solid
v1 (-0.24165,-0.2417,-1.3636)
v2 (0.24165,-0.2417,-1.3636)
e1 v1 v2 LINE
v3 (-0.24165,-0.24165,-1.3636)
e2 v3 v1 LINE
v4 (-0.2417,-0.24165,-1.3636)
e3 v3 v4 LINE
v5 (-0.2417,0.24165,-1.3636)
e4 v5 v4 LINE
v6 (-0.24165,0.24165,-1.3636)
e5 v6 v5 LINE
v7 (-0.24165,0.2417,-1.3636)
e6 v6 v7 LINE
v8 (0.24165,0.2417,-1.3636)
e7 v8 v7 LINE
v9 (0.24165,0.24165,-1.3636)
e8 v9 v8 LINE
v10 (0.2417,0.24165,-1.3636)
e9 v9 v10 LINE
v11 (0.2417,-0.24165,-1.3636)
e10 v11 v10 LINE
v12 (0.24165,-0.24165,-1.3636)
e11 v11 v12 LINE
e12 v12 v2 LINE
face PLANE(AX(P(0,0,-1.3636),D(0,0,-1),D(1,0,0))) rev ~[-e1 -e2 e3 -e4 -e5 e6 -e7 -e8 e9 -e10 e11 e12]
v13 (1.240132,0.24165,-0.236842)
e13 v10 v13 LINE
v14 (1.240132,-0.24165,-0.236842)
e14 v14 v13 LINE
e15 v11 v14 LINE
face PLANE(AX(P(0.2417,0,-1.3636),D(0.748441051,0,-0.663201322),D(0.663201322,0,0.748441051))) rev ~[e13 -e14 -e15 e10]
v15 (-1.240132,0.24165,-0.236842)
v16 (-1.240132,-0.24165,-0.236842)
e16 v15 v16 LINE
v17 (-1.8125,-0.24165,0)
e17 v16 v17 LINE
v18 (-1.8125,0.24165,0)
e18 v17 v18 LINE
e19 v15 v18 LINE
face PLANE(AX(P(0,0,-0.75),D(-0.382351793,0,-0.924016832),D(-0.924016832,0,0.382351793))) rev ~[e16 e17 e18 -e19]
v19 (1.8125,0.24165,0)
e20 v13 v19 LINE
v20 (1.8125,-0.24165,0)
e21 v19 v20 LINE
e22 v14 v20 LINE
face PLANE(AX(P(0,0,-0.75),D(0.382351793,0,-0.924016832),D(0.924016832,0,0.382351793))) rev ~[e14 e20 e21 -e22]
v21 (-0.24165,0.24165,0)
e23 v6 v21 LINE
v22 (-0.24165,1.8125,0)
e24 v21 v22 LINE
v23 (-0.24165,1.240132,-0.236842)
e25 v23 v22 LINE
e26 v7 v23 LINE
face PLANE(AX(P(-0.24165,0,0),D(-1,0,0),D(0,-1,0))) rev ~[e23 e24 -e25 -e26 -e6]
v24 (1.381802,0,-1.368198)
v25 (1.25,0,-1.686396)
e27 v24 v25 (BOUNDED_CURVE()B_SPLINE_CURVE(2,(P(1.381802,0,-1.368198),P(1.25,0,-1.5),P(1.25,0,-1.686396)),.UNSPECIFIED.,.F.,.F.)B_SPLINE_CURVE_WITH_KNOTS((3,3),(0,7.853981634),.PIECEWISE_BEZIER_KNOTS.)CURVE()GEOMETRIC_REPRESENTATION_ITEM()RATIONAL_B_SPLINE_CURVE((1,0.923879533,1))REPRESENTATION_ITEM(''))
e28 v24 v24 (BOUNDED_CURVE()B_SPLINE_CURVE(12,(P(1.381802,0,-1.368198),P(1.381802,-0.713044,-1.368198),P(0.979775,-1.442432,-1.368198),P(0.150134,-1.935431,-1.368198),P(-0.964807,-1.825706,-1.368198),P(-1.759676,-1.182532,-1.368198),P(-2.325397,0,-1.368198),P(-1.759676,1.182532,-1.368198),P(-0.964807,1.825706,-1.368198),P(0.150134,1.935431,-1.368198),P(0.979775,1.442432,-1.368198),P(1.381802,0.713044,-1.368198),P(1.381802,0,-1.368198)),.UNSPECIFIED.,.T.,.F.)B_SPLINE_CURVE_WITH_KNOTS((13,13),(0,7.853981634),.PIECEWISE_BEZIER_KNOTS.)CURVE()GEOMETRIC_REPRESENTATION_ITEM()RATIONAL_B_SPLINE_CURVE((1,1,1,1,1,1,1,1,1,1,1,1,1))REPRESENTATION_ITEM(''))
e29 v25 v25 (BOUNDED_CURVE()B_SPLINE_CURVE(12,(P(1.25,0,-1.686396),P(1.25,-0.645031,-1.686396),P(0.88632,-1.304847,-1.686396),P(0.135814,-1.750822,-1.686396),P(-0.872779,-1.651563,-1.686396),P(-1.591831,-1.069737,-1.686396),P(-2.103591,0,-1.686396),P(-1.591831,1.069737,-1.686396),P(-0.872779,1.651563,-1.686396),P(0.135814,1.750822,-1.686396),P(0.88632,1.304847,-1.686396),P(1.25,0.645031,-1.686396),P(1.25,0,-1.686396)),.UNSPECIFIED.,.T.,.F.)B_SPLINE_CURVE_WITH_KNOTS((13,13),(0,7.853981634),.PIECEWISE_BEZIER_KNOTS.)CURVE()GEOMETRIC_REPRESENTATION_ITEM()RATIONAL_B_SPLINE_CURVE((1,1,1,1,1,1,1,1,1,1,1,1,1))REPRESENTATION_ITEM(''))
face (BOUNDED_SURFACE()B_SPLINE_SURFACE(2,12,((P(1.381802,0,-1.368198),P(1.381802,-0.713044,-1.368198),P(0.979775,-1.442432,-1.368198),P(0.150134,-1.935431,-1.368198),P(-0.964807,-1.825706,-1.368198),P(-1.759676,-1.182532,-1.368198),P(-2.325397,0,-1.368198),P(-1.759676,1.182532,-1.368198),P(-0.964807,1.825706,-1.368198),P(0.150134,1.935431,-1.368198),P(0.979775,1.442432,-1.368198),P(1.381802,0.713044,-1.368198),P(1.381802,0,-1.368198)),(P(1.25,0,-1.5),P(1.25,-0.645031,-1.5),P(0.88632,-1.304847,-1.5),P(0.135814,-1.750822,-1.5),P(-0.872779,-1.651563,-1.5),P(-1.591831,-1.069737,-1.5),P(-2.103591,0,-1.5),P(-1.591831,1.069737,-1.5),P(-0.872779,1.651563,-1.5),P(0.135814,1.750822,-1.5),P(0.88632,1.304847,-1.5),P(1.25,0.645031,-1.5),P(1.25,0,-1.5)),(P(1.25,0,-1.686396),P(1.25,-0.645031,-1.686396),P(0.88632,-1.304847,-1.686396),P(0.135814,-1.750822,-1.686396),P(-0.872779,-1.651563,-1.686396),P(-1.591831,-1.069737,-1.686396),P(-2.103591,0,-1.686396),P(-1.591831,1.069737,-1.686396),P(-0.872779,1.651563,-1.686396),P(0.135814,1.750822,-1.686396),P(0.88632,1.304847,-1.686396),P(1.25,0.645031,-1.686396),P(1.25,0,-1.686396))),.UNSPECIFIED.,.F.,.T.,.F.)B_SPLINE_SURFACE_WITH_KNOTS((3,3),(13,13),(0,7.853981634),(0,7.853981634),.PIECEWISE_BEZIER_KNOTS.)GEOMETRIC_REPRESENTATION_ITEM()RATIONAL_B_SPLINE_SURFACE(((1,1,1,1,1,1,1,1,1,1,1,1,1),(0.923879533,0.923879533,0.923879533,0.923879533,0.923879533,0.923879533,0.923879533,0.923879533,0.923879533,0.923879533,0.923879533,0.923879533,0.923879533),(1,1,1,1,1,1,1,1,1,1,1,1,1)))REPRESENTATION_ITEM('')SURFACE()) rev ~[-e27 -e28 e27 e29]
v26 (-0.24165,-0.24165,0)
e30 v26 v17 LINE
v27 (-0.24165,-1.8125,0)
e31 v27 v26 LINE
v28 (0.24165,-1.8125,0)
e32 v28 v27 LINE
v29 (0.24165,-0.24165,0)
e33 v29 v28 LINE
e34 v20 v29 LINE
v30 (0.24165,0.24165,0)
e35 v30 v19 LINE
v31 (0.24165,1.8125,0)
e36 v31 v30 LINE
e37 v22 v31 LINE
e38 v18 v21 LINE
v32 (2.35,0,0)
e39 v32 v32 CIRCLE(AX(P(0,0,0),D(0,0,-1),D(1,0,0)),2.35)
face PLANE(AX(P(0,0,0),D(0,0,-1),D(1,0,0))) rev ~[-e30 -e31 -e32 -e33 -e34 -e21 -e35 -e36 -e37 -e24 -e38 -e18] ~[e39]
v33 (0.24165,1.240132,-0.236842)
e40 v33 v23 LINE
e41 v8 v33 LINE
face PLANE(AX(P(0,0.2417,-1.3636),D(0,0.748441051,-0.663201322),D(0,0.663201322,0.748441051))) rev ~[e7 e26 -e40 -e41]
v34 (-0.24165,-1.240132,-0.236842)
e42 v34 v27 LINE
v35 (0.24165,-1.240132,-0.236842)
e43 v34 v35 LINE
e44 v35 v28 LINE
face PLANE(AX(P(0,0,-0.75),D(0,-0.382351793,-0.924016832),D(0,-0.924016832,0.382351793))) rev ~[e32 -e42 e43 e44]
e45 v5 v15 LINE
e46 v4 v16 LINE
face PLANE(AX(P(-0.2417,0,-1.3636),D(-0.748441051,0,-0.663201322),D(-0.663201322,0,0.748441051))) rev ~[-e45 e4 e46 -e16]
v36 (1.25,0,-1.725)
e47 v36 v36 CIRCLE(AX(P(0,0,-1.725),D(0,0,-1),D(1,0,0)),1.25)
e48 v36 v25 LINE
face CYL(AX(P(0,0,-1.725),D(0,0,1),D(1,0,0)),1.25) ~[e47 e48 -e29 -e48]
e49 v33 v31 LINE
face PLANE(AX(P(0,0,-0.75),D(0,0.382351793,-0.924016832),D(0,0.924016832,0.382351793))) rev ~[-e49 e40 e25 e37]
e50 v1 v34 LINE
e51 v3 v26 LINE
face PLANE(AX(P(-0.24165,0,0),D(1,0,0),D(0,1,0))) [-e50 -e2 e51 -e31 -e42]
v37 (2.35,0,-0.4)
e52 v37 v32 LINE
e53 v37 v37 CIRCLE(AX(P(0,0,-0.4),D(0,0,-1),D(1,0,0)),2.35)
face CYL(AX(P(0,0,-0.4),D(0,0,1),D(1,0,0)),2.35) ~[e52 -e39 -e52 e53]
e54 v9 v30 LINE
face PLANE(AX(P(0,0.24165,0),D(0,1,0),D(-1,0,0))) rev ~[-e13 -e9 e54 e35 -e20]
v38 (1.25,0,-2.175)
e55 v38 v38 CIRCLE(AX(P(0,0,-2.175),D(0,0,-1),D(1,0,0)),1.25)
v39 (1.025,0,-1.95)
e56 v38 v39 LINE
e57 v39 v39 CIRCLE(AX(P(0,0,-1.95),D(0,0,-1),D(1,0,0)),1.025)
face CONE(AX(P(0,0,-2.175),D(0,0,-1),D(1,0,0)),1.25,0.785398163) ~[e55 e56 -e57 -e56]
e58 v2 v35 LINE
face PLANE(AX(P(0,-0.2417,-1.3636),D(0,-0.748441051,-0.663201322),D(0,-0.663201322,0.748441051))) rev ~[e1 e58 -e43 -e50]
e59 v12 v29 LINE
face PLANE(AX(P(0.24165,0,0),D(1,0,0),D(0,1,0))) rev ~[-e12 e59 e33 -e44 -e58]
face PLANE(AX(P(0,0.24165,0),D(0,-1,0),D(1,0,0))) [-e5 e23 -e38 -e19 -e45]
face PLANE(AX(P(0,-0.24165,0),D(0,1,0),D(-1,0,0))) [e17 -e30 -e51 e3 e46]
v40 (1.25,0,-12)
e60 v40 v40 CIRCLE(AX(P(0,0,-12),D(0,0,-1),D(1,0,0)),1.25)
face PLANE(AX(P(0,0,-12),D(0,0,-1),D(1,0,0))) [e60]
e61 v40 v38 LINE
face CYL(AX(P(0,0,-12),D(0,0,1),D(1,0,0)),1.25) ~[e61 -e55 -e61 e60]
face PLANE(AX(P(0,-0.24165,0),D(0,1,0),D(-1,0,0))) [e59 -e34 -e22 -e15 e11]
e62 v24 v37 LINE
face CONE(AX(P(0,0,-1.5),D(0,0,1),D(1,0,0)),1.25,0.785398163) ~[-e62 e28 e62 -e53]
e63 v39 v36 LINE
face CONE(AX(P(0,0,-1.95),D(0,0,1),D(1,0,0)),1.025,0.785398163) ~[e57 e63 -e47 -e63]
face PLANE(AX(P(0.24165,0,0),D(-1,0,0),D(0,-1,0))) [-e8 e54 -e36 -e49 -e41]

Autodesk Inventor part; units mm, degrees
ref_plane "YZ Plane" through (0, 0, 0) normal (1, 0, 0) x (0, 1, 0)
sketch "Esquisse1" plane through (0, 0, 0) normal (0, 1, 0) x (-1, 0, 0)
  point P0 (0, 0)
sketch "Esquisse2" plane through (0, 0, 0) normal (0, 0, 1) x (1, 0, 0)
  point P0 (0, 0)
sketch "Esquisse3" plane through (0, 0, 0) normal (0, 0, 1) x (1, 0, 0)
  point P0 (0, 0)
sketch "Esquisse4" plane through (0, 0, 0) normal (0, 1, 0) x (-1, 0, 0)
  line L0 (-2.35, 0) -> (0, 0)
  line L1 (-2.35, -0.4) -> (-2.35, 0)
  line L2 (-1.25, -1.5) -> (-2.35, -0.4)
  line L3 (-1.25, -1.725) -> (-1.25, -1.5)
  line L4 (-1.025, -1.95) -> (-1.25, -1.725)
  line L5 (-1.25, -2.175) -> (-1.025, -1.95)
  line L6 (-1.25, -12) -> (-1.25, -2.175)
  line L7 (0, 0) -> (0, -12)
  line L8 (0, 3.3392) -> (0, -10.7) construction
  line L9 (0, 3.3392) -> (0, -10.7)
  line L10 (0, -15.0678) -> (0, 6.4071) projected
  line L11 (-1.25, -12) -> (0, -12)
  line L12 (0.47, 0) -> (-2.82, 0) projected
  dimension "d3" = 2.35
  dimension "d5" = 0.225
  dimension "d7" = 0.225
  dimension "d9" = 0.225
  dimension "d11" = 1.5
  dimension "d13" = 135
  dimension "d17" = 1.025
  dimension "d19" = 0
  dimension "d51" = 1.25
  dimension "d52" = 12
revolve "Révolution1" add sketch "Esquisse4" angle 360 about axis through (0, 0, 3.3392) along (0, 0, -1)
sketch "Esquisse5" plane through (0, 0, 0) normal (0, 1, 0) x (-1, 0, 0)
  line L0 (-1.45, 0) -> (0, 0)
  line L1 (-0.2417, -1.3636) -> (-1.45, 0)
  line L2 (0, -1.3636) -> (-0.2417, -1.3636)
  line L3 (0, 0) -> (0, -1.3636)
  line L4 (-1.25, -1.5) -> (1.25, -1.5) construction
  line L5 (-2.35, 0) -> (2.35, 0) projected
  line L6 (0, -1.8) -> (0, 0.3) projected
  dimension "d22" = 1.45
  dimension "d24" = 0.2417
  dimension "d26" = 1.3636
extrude "Extrusion1" cut sketch "Esquisse5" along normal mid plane 0.4833
pattern_circular "RéseauPolaire1" count 4 over 360 about axis through (0, 0, 0) along (0, 0, 1) of "Extrusion1"
sketch "Esquisse7" plane through (0, 0, 0) normal (0, 1, 0) x (-1, 0, 0)
  line L0 (0, -0.75) -> (-1.8125, 0)
  line L1 (0, 0) -> (0, -0.75)
  line L2 (-1.8125, 0) -> (0, 0)
  line L3 (-1.25, -1.5) -> (1.25, -1.5) construction
  line L4 (0, -1.8) -> (0, 0.3) projected
  line L5 (-2.35, 0) -> (2.35, 0) projected
  dimension "d33" = 1.8125
  dimension "d35" = 0.75
extrude "Extrusion2" cut sketch "Esquisse7" along normal mid plane 0.4833
pattern_circular "RéseauPolaire2" count 4 over 360 about axis through (0, 0, 0) along (0, 0, 1) of "Extrusion2"
fillet "Congé1" radius 0.45 1 edges at (-1.25, 0, -1.5)
thread "Filetage1" size "M2.5x0.45" class "6g" standard "ISO Metric profile" full length
ref_plane "MSC_PF1" through (0, 0, 0) normal (1, 0, 0) x (0, 1, 0)
ref_plane "MSC_PT1" through (0, 0, 0) normal (0, 0, -1) x (-1, 0, 0)
equation "\"d3\" = 0.5 * Dh"
equation "\"d5\" = msp_x"
equation "\"d7\" = ParA"
equation "\"d9\" = msp_x"
equation "\"d11\" = ParK"
equation "\"d17\" = 0.5 * msp_mdtds"
equation "\"d51\" = 0.5 * NND"
equation "\"d52\" = NLG"
equation "\"d22\" = 0.5 * M"
equation "\"d24\" = 0.0833333 * M"
equation "\"d26\" = 0.909091 * ParK"
equation "\"d27\" = 0.166667 * M"
equation "\"d33\" = 0.625 * M"
equation "\"d35\" = 0.5 * ParK"
equation "\"d36\" = 0.166667 * M"
equation "\"d41\" = 2 * msp_x"
equation "\"PTC\" = 0.45"
equation "\"NLG\" = 12"
equation "\"ParK\" = 1.5"
equation "\"NND\" = 2.5"
equation "\"M\" = 2.9"
equation "\"msp_mdtds\" = NND - PTC"
equation "\"Dh\" = 4.7"
equation "\"msp_x\" = 0.5 * PTC"
equation "\"ParA\" = 0.5 * PTC"
equation "\"r\" = 0.6"
equation "\"THREADDIA\" = NND"
equation "\"TEMPLATE\" = 1.2345"
properties part number "NF EN ISO 7046-2 H - M2.5x12 - 8.8 - H1" material "Acier inoxydable 440C"
